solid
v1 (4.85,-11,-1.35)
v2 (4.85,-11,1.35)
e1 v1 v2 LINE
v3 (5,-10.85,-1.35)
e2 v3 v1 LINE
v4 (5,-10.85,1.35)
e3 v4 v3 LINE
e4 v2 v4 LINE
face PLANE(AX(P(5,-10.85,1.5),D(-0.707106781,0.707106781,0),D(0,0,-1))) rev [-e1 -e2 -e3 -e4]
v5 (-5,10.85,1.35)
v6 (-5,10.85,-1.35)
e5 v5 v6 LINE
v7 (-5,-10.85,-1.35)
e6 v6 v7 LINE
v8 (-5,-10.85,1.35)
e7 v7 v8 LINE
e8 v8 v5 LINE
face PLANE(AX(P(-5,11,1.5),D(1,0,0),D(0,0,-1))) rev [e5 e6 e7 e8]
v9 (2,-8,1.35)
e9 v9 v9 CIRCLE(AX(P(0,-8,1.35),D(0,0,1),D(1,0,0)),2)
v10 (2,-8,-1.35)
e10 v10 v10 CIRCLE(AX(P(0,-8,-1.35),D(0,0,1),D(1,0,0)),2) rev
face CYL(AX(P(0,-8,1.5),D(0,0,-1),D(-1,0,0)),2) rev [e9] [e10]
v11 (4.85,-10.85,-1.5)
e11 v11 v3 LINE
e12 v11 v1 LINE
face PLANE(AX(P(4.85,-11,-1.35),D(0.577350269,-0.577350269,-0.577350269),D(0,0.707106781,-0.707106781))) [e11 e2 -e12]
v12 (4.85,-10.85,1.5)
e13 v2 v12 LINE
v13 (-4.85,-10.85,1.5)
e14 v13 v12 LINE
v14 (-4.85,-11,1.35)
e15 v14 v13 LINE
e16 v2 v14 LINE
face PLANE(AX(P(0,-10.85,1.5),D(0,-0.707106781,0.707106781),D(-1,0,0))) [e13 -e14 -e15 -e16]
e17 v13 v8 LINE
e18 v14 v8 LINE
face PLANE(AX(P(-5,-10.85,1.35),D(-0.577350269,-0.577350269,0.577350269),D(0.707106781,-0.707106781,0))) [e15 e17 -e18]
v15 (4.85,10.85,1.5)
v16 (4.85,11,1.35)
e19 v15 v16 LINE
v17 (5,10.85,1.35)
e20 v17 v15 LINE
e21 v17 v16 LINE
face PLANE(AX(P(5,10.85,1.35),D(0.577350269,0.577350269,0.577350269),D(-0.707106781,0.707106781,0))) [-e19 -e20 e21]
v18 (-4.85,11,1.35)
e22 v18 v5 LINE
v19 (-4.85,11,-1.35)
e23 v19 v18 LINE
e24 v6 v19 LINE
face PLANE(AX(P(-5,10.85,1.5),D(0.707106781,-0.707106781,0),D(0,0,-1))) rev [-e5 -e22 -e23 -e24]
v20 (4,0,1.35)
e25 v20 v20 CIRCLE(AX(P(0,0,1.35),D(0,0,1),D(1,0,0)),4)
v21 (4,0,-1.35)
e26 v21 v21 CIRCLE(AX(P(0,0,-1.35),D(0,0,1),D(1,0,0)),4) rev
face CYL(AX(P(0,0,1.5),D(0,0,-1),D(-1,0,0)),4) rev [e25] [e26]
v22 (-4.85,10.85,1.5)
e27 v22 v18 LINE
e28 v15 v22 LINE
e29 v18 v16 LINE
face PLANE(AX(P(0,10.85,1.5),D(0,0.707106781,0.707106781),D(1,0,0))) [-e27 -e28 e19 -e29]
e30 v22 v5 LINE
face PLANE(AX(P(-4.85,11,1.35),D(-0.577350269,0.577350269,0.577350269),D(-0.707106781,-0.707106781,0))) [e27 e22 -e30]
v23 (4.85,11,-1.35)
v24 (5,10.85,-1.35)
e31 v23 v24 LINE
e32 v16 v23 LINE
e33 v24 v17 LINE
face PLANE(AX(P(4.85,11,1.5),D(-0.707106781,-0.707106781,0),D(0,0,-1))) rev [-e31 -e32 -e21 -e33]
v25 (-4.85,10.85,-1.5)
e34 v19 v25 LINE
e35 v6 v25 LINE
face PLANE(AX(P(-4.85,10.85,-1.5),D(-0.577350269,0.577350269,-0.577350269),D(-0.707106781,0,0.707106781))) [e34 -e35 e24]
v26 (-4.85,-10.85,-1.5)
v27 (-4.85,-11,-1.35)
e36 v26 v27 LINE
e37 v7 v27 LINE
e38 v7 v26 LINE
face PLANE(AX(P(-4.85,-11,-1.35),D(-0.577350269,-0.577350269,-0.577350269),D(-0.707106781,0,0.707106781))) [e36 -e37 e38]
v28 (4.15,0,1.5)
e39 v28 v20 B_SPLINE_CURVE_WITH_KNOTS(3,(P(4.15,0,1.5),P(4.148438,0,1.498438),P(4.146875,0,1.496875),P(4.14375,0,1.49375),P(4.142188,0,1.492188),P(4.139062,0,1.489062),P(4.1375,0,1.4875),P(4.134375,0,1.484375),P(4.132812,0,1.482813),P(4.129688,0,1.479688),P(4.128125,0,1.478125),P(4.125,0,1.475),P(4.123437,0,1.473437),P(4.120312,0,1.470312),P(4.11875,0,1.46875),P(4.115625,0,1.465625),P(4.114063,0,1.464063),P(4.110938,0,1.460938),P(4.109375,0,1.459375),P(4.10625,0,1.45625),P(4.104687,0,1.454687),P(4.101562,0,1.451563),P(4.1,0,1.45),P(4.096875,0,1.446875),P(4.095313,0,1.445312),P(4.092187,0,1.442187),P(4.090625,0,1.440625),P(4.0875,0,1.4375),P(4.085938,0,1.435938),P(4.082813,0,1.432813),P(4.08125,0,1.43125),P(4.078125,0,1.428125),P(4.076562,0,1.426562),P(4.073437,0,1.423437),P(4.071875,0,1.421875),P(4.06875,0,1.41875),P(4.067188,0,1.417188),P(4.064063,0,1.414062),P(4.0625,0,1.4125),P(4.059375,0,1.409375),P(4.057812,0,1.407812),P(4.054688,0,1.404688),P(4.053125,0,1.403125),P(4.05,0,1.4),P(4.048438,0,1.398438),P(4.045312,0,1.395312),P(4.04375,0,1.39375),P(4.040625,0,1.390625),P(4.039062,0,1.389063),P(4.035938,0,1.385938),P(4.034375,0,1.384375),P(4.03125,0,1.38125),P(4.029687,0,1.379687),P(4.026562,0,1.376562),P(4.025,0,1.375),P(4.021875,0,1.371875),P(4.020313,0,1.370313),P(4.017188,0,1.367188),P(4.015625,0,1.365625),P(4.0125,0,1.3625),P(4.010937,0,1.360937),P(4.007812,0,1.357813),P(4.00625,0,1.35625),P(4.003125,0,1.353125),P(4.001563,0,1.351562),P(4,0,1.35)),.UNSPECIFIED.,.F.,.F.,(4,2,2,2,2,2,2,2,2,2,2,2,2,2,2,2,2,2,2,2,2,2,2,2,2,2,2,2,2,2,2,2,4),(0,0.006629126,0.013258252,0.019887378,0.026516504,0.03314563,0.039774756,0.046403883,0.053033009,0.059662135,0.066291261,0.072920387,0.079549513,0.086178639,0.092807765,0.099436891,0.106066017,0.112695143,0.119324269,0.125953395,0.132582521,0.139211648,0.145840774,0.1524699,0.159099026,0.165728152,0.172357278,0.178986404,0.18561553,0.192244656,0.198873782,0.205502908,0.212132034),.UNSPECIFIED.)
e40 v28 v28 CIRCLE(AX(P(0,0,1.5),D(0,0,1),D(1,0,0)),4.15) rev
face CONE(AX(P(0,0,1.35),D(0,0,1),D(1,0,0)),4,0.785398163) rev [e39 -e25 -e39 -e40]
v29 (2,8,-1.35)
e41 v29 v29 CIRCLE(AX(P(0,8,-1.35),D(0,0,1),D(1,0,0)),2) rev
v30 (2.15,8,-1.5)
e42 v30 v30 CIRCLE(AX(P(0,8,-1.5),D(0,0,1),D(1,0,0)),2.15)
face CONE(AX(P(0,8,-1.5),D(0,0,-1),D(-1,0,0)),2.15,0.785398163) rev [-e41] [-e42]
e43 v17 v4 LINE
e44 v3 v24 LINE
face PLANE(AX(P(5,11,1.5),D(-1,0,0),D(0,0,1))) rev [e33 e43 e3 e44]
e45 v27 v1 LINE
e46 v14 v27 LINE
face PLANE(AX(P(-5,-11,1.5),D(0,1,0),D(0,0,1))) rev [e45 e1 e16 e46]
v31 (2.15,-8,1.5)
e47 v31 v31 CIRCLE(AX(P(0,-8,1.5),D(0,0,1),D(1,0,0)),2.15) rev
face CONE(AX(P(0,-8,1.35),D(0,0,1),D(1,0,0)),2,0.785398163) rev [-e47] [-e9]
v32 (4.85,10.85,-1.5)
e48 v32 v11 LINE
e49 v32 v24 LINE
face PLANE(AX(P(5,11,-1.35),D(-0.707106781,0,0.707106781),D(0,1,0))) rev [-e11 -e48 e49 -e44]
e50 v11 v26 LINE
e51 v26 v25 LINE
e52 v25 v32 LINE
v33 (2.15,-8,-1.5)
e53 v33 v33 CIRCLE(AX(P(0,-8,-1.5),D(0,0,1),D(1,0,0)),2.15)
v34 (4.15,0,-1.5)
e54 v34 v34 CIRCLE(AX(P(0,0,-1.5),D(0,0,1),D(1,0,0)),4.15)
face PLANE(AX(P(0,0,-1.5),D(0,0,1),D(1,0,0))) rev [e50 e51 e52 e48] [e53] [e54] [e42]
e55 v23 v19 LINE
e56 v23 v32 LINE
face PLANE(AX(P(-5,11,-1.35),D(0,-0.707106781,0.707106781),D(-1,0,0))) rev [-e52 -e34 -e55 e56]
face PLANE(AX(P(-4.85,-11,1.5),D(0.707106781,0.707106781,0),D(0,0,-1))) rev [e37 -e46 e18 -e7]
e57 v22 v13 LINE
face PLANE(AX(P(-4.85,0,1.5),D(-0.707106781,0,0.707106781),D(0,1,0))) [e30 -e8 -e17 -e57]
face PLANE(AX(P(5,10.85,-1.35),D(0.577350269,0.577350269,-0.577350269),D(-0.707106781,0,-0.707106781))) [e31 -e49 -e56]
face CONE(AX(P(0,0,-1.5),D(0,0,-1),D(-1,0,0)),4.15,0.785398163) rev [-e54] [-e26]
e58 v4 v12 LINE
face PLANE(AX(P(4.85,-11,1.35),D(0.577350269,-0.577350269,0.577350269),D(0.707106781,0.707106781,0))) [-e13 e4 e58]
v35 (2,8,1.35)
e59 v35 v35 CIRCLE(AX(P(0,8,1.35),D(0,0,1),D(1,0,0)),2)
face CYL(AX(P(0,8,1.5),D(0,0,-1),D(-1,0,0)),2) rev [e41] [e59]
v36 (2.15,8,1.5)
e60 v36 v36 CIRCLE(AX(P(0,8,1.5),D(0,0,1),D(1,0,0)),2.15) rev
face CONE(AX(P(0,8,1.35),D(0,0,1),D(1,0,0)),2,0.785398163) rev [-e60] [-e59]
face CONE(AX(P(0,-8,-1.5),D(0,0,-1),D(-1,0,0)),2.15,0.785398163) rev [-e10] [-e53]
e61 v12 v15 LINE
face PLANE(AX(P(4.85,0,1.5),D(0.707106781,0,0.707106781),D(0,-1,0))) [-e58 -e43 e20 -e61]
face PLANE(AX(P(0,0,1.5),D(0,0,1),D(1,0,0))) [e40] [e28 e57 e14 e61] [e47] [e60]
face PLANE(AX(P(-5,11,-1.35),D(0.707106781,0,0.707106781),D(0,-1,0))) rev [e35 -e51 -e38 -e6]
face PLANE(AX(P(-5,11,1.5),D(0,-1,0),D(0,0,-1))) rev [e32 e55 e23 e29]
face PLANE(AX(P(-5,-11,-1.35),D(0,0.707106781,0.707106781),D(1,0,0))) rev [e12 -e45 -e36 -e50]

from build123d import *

# Parameters (mm, degrees)
SKETCH1_W           = 10
SKETCH1_H           = 22
SKETCH1_R           = 4
SKETCH1_R_2         = 2
BOSS_EXTRUDE1_DEPTH = 1.5
CHAMFER1_SIZE       = 0.15


with BuildPart() as part:
    # Sketch1 → Boss-Extrude1 (new, symmetric)
    with BuildSketch(Plane.XY):
        Rectangle(SKETCH1_W, SKETCH1_H)
        Circle(SKETCH1_R, mode=Mode.SUBTRACT)
        with Locations((0, -8)):
            Circle(SKETCH1_R_2, mode=Mode.SUBTRACT)
        with Locations((0, 8)):
            Circle(SKETCH1_R_2, mode=Mode.SUBTRACT)
    extrude(amount=BOSS_EXTRUDE1_DEPTH, both=True)

    # Chamfer1
    chamfer1_edges = [part.edges().sort_by_distance(p)[0] for p in [
        (-4, 0, -1.5),
        (-4, 0, 1.5),
        (5, 0, 1.5),
        (-2, -8, -1.5),
        (-2, -8, 1.5),
        (0, 11, 1.5),
        (-2, 8, -1.5),
        (-2, 8, 1.5),
        (-5, 0, 1.5),
        (0, 11, -1.5),
        (5, 0, -1.5),
        (0, -11, -1.5),
        (-5, 0, -1.5),
        (-5, 11, 0),
        (5, 11, 0),
        (5, -11, 0),
        (-5, -11, 0),
        (0, -11, 1.5),
    ]]
    chamfer(chamfer1_edges, length=CHAMFER1_SIZE)


solid = part.part
